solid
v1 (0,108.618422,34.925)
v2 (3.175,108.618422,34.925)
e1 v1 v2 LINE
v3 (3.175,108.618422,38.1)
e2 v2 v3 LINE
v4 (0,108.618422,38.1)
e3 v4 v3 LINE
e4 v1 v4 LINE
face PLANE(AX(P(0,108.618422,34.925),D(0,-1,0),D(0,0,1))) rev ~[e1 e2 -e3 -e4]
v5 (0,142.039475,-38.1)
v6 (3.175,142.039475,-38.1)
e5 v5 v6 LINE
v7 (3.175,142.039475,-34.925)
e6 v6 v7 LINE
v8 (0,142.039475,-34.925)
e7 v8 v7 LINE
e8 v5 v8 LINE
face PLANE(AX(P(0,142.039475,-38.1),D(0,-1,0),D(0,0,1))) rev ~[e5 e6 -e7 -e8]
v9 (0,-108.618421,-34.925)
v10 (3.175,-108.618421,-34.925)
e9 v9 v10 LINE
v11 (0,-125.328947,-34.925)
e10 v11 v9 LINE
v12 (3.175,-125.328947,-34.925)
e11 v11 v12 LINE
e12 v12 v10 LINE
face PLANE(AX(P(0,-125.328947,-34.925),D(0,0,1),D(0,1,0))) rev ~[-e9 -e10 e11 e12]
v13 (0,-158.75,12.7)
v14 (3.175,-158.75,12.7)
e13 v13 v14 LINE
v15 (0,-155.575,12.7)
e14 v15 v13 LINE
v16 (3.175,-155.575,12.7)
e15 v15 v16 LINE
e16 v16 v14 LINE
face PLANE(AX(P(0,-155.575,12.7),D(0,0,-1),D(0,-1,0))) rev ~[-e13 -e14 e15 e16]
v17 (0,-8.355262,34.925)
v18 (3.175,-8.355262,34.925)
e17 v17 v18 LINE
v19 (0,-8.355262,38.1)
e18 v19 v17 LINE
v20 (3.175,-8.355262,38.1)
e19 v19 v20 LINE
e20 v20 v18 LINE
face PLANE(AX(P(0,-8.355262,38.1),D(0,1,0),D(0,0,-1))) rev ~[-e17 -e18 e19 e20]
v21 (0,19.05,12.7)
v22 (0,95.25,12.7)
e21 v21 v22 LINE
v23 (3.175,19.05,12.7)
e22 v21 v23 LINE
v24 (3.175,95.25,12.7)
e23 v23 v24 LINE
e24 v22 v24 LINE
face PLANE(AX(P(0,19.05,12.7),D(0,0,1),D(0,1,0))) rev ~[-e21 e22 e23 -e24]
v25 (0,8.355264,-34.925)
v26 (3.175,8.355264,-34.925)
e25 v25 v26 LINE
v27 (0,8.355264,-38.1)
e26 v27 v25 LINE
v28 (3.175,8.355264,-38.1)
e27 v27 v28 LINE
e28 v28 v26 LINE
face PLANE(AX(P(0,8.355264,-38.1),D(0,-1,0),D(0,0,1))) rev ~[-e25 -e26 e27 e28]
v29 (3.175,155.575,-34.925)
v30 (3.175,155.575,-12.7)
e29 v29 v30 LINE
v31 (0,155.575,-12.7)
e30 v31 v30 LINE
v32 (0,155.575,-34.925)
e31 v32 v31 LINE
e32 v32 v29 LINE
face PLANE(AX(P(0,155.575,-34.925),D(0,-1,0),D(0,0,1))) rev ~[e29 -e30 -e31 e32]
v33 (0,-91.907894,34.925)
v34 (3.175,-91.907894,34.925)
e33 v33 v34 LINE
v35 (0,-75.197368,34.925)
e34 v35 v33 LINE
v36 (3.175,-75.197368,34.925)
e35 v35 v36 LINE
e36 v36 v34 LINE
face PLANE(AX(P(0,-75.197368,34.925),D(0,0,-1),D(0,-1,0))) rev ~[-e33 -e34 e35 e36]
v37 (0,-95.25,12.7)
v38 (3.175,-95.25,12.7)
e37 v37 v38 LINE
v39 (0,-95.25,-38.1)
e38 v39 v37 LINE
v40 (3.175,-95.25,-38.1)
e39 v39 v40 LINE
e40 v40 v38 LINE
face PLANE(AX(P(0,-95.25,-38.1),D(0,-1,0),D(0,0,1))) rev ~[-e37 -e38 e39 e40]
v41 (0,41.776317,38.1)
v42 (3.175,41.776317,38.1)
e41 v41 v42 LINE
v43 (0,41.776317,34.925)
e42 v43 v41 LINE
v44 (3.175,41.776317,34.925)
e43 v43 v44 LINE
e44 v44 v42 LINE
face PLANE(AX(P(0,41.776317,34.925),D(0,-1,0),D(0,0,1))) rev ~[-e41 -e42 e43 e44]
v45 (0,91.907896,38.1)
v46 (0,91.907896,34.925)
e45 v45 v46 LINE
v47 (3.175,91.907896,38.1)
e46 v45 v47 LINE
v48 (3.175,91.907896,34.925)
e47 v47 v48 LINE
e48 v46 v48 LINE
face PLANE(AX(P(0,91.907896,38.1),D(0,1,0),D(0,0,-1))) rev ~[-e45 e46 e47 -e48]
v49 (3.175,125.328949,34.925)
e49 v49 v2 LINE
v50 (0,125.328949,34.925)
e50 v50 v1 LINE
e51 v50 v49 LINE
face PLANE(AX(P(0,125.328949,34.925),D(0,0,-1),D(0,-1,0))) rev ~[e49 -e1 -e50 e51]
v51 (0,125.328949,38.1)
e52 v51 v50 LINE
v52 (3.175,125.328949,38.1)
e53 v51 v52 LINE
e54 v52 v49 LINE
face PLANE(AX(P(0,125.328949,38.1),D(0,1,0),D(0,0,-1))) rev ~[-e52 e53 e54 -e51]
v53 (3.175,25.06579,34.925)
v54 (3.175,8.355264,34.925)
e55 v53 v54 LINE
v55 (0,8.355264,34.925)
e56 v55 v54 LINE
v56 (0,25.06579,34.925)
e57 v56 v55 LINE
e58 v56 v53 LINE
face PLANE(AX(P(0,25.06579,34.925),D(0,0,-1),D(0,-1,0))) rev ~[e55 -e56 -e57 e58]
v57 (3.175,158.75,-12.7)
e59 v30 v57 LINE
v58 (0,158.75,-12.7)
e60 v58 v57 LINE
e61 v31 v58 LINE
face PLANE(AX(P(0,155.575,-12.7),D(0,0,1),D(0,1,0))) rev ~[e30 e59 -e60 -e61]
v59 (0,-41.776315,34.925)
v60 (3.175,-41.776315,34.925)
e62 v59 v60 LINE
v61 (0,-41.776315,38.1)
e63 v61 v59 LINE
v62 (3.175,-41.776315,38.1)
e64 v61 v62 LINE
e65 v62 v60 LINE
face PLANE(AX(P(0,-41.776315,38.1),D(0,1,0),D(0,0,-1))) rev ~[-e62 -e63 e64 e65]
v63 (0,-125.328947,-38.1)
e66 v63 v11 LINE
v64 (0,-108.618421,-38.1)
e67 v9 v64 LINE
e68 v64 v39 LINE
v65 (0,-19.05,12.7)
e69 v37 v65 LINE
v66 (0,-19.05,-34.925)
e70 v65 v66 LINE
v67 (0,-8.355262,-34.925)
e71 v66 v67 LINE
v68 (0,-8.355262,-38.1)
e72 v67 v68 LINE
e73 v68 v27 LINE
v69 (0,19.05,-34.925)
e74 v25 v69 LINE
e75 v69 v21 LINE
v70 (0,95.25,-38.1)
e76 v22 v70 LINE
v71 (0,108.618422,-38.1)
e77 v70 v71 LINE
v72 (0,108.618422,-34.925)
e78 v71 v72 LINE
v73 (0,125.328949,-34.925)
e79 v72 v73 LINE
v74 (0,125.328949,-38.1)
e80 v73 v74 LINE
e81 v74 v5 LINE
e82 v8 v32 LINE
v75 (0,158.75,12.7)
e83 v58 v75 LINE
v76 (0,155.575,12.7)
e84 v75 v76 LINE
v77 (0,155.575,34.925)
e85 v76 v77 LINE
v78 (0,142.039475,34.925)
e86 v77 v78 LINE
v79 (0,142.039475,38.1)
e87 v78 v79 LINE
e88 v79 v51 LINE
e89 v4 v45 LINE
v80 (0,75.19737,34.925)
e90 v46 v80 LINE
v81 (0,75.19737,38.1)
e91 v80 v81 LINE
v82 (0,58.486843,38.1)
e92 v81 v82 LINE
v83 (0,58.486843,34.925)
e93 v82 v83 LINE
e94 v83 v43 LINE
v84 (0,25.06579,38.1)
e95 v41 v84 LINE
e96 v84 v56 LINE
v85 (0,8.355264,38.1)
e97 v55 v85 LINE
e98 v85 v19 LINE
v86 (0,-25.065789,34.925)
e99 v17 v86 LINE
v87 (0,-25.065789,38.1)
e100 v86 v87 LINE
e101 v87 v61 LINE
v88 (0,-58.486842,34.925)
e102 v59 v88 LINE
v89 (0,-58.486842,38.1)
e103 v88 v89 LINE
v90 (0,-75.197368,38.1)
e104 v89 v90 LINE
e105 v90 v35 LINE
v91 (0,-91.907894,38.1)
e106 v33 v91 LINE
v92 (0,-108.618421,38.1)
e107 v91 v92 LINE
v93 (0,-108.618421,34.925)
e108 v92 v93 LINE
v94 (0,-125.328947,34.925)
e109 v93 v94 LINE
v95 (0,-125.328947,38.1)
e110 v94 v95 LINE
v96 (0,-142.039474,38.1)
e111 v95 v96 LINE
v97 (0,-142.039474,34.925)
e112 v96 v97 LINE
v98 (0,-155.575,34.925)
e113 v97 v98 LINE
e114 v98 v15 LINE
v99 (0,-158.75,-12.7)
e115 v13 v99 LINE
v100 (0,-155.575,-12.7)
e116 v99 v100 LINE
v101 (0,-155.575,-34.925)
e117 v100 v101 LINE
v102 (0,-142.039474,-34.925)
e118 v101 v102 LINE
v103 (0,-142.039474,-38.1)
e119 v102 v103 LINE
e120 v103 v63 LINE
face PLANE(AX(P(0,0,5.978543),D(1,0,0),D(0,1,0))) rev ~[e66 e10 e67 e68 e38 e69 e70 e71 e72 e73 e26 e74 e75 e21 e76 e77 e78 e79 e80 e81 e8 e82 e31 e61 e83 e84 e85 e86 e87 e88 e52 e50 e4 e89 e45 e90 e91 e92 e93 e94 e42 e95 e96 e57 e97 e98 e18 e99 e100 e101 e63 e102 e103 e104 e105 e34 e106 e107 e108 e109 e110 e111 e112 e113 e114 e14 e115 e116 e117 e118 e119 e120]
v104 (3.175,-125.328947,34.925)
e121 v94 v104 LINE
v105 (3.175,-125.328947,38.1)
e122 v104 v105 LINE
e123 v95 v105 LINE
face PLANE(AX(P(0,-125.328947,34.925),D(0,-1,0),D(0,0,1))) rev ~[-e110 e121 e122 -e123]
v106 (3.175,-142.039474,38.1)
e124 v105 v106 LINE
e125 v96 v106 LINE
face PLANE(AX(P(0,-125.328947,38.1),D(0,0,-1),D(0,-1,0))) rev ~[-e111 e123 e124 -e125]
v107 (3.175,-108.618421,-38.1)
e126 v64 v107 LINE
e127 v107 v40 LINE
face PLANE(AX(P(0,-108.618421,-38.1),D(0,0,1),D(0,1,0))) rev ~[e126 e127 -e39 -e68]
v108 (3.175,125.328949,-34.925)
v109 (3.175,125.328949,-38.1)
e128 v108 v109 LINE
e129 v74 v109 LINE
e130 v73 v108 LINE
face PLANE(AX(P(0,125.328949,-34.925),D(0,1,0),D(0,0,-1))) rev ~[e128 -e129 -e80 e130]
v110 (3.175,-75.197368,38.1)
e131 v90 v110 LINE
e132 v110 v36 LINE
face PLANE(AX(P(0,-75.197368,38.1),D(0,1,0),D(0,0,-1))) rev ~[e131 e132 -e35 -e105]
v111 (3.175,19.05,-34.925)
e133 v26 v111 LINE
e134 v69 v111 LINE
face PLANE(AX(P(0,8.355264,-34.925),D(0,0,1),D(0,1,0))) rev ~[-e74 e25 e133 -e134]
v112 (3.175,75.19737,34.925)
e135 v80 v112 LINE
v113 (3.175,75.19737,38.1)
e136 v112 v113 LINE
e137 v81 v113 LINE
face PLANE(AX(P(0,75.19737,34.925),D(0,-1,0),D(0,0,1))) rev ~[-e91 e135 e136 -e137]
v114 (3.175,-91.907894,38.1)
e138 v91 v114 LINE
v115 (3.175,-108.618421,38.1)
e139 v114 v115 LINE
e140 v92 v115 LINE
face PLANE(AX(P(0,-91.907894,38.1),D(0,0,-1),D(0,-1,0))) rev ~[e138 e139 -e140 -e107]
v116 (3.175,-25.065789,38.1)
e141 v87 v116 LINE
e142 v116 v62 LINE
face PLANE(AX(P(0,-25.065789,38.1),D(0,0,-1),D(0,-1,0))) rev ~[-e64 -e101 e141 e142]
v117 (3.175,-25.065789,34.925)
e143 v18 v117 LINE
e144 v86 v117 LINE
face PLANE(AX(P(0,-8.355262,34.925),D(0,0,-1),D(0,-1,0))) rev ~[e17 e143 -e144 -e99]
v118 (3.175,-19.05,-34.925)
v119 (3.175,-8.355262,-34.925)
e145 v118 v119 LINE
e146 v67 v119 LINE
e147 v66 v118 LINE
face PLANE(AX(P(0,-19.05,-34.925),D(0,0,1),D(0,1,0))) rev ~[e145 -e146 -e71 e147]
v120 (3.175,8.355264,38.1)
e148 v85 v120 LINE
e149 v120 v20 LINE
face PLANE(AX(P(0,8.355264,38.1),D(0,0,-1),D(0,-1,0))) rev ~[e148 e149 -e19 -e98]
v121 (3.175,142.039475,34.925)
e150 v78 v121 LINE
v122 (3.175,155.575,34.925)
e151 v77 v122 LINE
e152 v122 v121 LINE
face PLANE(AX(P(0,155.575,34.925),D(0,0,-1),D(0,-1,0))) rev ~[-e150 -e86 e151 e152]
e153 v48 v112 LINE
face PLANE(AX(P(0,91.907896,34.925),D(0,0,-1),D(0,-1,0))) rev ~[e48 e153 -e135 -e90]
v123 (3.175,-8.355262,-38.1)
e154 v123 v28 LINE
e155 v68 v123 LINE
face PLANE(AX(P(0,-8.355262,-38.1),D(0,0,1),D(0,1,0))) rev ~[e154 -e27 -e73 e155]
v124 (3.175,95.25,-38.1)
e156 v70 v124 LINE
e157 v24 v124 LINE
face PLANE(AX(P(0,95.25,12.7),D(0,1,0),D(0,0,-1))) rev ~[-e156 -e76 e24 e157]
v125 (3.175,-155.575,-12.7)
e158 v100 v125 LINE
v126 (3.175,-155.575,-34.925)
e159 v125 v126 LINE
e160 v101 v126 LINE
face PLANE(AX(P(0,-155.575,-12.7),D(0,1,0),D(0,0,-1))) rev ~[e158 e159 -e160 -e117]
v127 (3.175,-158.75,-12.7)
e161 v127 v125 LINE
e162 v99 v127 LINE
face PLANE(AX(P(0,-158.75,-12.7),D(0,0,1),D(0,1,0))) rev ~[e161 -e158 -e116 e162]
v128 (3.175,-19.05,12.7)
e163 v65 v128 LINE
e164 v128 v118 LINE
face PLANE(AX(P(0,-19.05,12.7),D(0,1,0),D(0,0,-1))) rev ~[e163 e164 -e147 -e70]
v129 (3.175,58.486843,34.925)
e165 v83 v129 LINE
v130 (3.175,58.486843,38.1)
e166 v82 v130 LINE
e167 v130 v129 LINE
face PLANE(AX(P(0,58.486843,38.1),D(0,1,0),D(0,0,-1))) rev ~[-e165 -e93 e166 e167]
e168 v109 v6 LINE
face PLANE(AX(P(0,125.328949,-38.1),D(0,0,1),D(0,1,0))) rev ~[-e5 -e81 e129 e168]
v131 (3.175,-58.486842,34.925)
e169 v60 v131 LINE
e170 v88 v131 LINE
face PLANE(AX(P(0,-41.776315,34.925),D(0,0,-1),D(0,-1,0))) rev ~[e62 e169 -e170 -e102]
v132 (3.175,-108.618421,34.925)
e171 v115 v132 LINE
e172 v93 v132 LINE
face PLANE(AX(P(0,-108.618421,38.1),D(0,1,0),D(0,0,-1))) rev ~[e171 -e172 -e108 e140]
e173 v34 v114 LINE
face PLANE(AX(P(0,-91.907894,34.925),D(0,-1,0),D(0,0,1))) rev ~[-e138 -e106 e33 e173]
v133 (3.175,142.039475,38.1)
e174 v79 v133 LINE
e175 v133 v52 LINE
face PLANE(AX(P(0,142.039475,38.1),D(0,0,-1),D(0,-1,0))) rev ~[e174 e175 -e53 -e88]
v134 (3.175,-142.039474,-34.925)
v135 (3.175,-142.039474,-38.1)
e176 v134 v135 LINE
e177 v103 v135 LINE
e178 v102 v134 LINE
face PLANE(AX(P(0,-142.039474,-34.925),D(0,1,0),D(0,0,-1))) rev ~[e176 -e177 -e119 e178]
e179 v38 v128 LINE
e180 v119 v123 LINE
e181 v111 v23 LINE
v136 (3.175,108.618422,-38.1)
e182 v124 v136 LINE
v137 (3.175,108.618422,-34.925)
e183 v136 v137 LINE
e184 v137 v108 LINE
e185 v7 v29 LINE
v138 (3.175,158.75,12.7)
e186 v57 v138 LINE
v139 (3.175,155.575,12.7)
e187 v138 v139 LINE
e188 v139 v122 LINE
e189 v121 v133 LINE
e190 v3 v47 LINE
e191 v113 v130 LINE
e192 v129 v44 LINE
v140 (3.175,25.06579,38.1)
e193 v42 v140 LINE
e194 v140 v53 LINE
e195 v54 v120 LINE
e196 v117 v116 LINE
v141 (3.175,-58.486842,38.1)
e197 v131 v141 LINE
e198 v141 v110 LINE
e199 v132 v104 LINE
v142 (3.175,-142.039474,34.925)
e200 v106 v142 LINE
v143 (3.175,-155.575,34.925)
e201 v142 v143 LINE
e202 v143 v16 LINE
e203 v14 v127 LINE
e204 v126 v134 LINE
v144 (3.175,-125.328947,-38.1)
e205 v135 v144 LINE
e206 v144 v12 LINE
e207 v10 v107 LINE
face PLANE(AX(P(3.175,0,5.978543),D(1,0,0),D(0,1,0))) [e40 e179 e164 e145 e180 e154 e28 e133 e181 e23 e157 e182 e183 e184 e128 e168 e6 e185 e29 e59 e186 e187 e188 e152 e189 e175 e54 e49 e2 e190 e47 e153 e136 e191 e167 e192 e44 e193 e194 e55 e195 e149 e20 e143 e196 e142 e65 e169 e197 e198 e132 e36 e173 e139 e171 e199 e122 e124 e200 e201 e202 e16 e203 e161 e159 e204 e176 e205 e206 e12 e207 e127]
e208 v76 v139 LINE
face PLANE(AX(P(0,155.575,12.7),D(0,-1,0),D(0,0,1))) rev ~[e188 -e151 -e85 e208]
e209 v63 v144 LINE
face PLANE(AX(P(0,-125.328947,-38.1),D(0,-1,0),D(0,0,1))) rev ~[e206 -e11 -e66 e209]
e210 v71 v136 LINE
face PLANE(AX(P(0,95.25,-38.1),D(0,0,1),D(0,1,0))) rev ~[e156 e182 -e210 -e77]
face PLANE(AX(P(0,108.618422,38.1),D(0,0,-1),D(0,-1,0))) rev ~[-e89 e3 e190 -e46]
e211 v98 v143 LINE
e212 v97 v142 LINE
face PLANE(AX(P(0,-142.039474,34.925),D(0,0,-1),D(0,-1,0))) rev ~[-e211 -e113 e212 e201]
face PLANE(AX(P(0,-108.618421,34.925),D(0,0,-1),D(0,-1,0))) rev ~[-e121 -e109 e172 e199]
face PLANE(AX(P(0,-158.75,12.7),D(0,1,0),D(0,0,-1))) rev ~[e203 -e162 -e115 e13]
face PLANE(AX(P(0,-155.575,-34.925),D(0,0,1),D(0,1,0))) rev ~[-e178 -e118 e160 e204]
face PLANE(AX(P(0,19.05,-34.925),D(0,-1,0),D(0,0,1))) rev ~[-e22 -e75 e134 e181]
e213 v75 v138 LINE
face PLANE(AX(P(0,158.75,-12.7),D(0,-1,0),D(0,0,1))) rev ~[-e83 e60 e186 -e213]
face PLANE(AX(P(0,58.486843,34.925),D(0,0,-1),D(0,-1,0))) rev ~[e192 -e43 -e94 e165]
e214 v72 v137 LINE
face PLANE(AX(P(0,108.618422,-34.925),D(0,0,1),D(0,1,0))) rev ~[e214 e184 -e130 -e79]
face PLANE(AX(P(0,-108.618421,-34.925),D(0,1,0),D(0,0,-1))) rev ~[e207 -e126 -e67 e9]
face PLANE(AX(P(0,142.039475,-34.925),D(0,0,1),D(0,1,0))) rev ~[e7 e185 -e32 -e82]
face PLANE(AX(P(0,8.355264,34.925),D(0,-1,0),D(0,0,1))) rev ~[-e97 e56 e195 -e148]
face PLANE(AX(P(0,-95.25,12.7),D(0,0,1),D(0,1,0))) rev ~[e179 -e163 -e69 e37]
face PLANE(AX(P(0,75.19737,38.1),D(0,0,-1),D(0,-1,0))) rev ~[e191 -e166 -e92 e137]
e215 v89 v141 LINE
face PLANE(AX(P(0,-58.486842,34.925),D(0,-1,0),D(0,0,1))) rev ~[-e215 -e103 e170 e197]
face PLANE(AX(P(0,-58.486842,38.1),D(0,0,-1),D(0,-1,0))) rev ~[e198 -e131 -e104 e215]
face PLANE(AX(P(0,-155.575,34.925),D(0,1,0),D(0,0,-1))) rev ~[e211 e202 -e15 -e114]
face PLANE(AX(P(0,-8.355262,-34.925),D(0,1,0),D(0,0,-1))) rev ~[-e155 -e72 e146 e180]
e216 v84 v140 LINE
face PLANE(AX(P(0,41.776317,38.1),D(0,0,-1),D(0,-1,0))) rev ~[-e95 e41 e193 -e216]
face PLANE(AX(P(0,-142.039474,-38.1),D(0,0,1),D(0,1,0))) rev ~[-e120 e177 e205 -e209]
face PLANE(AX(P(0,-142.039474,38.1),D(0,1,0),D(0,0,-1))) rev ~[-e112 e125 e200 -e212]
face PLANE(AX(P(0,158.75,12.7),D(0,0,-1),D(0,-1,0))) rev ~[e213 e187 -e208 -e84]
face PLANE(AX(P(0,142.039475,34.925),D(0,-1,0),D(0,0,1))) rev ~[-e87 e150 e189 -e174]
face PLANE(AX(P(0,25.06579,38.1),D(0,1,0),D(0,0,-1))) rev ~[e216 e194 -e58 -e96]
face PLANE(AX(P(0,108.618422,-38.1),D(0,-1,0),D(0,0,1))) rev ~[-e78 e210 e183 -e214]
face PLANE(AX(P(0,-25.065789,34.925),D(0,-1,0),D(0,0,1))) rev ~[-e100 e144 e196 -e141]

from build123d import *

# Parameters (mm, degrees)
F1_DEPTH = 3.175


with BuildPart() as f1:
    # F0 (on Right) → F1 (new body)
    with BuildSketch(Plane.YZ):
        Polygon((-155.575, 34.925), (-155.575, 12.7), (-158.75, 12.7), (-158.75, -12.7), (-155.575, -12.7), (-155.575, -34.925), (-142.039474, -34.925), (-142.039474, -38.1), (-125.328947, -38.1), (-125.328947, -34.925), (-108.618421, -34.925), (-108.618421, -38.1), (-95.25, -38.1), (-95.25, 12.7), (-19.05, 12.7), (-19.05, -34.925), (-8.355262, -34.925), (-8.355262, -38.1), (8.355264, -38.1), (8.355264, -34.925), (19.05, -34.925), (19.05, 12.7), (95.25, 12.7), (95.25, -38.1), (108.618422, -38.1), (108.618422, -34.925), (125.328949, -34.925), (125.328949, -38.1), (142.039475, -38.1), (142.039475, -34.925), (155.575, -34.925), (155.575, -12.7), (158.75, -12.7), (158.75, 12.7), (155.575, 12.7), (155.575, 34.925), (142.039475, 34.925), (142.039475, 38.1), (125.328949, 38.1), (125.328949, 34.925), (108.618422, 34.925), (108.618422, 38.1), (91.907896, 38.1), (91.907896, 34.925), (75.19737, 34.925), (75.19737, 38.1), (58.486843, 38.1), (58.486843, 34.925), (41.776317, 34.925), (41.776317, 38.1), (25.06579, 38.1), (25.06579, 34.925), (8.355264, 34.925), (8.355264, 38.1), (-8.355262, 38.1), (-8.355262, 34.925), (-25.065789, 34.925), (-25.065789, 38.1), (-41.776315, 38.1), (-41.776315, 34.925), (-58.486842, 34.925), (-58.486842, 38.1), (-75.197368, 38.1), (-75.197368, 34.925), (-91.907894, 34.925), (-91.907894, 38.1), (-108.618421, 38.1), (-108.618421, 34.925), (-125.328947, 34.925), (-125.328947, 38.1), (-142.039474, 38.1), (-142.039474, 34.925), align=None)
    extrude(amount=F1_DEPTH)


solid = f1.part
